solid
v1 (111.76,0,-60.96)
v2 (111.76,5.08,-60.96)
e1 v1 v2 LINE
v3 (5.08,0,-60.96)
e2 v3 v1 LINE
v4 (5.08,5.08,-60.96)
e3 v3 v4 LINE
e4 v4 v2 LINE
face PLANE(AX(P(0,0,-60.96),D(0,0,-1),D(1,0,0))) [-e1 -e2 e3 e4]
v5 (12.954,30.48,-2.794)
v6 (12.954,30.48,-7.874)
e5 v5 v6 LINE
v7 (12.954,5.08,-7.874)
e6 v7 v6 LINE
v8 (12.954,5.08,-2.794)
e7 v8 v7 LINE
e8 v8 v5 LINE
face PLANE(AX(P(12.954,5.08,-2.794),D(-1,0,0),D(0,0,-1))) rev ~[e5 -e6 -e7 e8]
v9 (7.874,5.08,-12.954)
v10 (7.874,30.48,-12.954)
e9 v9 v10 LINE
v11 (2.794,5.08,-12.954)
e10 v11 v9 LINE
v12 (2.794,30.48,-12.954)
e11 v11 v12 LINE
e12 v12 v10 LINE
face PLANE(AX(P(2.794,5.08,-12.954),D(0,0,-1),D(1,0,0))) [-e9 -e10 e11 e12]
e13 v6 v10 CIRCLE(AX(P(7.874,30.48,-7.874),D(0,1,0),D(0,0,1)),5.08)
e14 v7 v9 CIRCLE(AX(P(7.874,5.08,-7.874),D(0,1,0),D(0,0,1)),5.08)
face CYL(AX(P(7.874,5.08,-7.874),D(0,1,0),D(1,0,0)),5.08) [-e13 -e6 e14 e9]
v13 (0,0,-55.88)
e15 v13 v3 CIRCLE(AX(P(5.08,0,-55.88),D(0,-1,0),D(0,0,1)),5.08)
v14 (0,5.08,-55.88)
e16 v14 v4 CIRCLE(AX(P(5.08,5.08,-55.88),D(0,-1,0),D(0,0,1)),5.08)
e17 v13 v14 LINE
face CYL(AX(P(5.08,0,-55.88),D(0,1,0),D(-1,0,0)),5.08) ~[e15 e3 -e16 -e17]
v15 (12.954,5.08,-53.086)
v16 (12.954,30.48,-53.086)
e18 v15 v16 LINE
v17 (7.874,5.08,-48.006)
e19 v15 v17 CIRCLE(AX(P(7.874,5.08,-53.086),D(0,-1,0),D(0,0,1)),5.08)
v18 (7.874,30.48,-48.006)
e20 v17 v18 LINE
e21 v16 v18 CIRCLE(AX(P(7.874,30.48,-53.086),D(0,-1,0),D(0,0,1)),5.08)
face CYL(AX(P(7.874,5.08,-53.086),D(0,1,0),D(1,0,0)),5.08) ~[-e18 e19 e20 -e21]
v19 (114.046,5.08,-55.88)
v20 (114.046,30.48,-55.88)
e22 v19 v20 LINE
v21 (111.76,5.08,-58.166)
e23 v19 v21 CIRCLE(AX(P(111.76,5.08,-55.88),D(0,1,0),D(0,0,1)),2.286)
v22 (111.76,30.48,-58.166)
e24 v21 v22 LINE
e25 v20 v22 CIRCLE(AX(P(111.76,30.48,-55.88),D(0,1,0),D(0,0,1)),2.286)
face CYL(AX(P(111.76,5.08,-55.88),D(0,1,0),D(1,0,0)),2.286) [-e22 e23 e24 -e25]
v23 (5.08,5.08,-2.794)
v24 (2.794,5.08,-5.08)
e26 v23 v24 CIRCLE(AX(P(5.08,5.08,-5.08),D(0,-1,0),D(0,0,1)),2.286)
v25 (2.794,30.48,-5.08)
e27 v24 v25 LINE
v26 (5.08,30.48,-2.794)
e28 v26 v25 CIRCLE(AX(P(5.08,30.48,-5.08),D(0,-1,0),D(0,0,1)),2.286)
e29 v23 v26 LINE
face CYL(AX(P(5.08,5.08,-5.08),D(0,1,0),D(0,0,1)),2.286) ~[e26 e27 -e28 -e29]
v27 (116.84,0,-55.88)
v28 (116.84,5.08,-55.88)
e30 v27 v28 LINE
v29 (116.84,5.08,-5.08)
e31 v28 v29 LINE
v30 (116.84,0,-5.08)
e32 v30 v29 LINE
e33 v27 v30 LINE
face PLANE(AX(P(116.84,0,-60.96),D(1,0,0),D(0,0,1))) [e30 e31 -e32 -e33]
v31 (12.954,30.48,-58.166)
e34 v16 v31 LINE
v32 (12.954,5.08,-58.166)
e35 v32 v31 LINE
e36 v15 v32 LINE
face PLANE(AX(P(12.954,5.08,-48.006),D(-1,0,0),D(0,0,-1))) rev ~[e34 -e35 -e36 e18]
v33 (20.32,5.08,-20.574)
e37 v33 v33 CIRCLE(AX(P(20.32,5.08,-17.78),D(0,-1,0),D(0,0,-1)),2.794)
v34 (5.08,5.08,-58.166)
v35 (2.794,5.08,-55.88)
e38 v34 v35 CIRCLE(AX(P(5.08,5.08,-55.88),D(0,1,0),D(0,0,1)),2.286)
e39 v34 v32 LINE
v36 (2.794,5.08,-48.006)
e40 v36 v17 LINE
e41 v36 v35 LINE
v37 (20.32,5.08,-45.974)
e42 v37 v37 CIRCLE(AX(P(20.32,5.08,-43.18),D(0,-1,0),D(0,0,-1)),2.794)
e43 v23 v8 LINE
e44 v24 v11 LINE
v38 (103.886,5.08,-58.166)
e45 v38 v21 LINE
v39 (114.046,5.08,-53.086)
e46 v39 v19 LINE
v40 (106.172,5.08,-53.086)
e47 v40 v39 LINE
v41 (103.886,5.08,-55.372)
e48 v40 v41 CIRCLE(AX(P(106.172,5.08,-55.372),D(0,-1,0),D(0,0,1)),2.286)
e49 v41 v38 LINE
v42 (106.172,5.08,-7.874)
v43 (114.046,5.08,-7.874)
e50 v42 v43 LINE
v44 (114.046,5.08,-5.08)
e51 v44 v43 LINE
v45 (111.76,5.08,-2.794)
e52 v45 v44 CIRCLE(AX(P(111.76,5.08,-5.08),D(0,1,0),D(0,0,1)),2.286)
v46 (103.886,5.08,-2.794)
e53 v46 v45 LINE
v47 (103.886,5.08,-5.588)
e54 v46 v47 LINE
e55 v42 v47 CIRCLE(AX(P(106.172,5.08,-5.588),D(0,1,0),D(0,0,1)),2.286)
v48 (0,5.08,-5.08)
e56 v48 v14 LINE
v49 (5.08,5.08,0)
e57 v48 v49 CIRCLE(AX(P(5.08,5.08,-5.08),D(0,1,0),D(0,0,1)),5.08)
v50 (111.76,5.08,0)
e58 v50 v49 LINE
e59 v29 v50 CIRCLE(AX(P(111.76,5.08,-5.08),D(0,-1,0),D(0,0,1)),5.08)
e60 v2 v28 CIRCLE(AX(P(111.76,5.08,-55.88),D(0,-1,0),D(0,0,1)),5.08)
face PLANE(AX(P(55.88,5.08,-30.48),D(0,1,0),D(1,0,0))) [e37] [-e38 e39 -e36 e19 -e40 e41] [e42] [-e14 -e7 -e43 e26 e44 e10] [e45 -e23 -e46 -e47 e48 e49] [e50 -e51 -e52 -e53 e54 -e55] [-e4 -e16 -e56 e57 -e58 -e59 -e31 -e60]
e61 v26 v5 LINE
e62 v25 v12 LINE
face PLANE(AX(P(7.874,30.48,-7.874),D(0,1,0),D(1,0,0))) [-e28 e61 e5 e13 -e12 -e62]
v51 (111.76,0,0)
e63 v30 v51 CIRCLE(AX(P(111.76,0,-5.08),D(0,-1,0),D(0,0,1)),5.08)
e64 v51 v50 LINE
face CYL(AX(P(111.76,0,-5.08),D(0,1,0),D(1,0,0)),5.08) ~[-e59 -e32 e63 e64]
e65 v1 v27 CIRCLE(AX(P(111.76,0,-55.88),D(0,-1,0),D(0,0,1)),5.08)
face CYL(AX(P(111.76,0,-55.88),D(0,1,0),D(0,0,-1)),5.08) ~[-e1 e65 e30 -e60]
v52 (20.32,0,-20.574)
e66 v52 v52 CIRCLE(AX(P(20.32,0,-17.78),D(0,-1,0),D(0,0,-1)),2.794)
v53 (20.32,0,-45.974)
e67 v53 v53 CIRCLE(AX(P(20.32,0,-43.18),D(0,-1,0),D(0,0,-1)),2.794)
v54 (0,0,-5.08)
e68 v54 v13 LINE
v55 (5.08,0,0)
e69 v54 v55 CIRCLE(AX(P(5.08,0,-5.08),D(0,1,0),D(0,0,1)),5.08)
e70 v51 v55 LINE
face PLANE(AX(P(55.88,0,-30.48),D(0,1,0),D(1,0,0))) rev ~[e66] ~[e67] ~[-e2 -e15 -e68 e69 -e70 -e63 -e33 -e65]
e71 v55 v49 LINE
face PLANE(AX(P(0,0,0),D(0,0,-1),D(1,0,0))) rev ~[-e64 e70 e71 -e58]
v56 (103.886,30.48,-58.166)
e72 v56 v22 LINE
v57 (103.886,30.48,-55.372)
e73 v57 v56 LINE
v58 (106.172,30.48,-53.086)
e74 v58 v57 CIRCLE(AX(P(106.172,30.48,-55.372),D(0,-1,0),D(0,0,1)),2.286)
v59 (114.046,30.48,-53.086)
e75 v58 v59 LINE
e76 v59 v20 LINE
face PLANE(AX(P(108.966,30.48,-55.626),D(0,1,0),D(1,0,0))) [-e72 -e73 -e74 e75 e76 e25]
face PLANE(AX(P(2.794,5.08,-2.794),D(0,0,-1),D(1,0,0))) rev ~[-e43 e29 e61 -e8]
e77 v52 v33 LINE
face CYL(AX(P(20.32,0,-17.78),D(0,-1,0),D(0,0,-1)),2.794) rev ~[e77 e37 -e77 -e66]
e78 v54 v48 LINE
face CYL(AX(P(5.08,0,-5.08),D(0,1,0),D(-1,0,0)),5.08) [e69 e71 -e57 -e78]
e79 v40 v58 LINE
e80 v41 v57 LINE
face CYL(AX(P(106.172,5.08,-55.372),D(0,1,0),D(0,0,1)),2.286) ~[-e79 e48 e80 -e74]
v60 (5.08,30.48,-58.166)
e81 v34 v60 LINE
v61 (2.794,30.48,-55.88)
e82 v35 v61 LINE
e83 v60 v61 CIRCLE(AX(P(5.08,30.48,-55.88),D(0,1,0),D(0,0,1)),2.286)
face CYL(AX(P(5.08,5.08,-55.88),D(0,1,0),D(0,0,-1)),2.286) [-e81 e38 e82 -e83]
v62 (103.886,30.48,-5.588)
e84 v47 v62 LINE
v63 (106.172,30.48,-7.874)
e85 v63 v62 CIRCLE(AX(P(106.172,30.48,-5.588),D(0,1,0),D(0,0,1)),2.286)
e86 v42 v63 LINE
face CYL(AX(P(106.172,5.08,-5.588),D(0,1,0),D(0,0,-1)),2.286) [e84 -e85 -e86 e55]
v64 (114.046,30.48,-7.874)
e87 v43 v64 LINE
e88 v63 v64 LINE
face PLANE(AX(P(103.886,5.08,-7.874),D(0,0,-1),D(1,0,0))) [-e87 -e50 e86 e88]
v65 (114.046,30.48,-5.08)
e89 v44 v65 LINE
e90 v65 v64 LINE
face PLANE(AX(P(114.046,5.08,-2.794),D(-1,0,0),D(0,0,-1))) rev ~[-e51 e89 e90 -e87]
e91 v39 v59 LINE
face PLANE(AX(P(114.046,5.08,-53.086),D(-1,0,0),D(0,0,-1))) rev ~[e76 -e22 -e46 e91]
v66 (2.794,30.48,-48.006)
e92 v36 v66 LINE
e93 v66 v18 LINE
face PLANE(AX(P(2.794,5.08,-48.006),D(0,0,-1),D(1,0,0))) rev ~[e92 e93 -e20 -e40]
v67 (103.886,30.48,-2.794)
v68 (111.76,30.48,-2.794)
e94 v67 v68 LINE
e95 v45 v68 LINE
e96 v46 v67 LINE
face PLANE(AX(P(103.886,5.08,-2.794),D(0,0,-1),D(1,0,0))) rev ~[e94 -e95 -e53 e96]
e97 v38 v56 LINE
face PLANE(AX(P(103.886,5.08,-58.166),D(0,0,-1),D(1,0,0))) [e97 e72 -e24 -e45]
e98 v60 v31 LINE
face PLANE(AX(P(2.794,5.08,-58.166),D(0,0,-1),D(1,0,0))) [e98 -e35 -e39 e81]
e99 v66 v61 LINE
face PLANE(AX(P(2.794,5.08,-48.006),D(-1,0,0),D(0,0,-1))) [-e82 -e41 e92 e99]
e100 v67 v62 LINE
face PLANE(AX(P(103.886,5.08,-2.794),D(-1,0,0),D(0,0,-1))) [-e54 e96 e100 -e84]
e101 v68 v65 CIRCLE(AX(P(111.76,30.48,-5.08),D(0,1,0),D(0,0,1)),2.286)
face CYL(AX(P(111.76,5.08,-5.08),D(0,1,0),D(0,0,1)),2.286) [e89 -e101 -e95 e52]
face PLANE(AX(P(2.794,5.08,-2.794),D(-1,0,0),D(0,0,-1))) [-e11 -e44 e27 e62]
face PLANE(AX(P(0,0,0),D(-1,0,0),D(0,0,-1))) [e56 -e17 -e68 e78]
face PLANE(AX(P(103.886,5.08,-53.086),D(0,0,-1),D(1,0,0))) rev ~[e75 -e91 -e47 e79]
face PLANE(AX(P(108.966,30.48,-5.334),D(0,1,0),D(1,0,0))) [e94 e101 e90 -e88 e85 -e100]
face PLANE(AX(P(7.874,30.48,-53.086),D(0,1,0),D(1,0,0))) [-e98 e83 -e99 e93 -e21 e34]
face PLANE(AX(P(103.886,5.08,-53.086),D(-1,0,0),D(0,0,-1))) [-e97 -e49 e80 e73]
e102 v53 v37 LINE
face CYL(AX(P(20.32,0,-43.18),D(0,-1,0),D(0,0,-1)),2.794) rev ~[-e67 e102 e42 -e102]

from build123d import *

# Parameters (mm, degrees)
SKETCH1_W           = 111.76
SKETCH1_H           = 60.96
BOSS_EXTRUDE1_DEPTH = 5.08
FILLET1_R           = 5.08
CUT_EXTRUDE1_REACH  = 129.406
SKETCH3_R           = 2.794
SKETCH3_R_2         = 3.302
SKETCH5_W           = 10.16
SKETCH5_H           = 60.96
BOSS_EXTRUDE2_DEPTH = 5.08
FILLET2_R           = 5.08
SKETCH2_W           = 10.16
SKETCH2_H           = 10.16
SKETCH2_H_2         = 5.08
BOSS_EXTRUDE5_DEPTH = 25.4
FILLET9_R           = 2.286
FILLET10_R          = 5.08
SKETCH6_R           = 6.996125679
BOSS_EXTRUDE6_DEPTH = 5.08


with BuildPart() as part:
    # Sketch1 → Boss-Extrude1 (new body)
    with BuildSketch(Plane(origin=(0, 0, 0), x_dir=(1, 0, 0), z_dir=(0, 1, 0))):
        with Locations((55.88, 30.48)):
            Rectangle(SKETCH1_W, SKETCH1_H)
    extrude(amount=BOSS_EXTRUDE1_DEPTH)

    # Fillet1
    fillet1_edges = [part.edges().sort_by_distance(p)[0] for p in [
        (0, 2.54, -60.96),
        (111.76, 2.54, -60.96),
        (111.76, 2.54, 0),
        (0, 2.54, 0),
    ]]
    fillet(fillet1_edges, radius=FILLET1_R)

    # Sketch3 → Cut-Extrude1 (cut, up to next)
    with BuildSketch(Plane.XZ, mode=Mode.PRIVATE) as cut_extrude1_sk1:
        with Locations(Location((20.32, -17.78, 0), (0, 0, 270))):
            Circle(SKETCH3_R)
    cut_extrude1_tool1 = extrude(cut_extrude1_sk1.sketch, amount=-CUT_EXTRUDE1_REACH, mode=Mode.PRIVATE) & part.part
    # Sketch3 → Cut-Extrude1 (cut, up to next)
    with BuildSketch(Plane.XZ, mode=Mode.PRIVATE) as cut_extrude1_sk2:
        with Locations(Location((20.32, -43.18, 0), (0, 0, 270))):
            Circle(SKETCH3_R)
    cut_extrude1_tool2 = extrude(cut_extrude1_sk2.sketch, amount=-CUT_EXTRUDE1_REACH, mode=Mode.PRIVATE) & part.part
    # Sketch3 → Cut-Extrude1 (cut, up to next)
    with BuildSketch(Plane.XZ, mode=Mode.PRIVATE) as cut_extrude1_sk3:
        with Locations(Location((30.48, -30.48, 0), (0, 0, 270))):
            Circle(SKETCH3_R_2)
    cut_extrude1_tool3 = extrude(cut_extrude1_sk3.sketch, amount=-CUT_EXTRUDE1_REACH, mode=Mode.PRIVATE) & part.part
    add(cut_extrude1_tool1.solids().sort_by_distance((20.32, 0, -17.78))[0], mode=Mode.SUBTRACT)
    add(cut_extrude1_tool2.solids().sort_by_distance((20.32, 0, -43.18))[0], mode=Mode.SUBTRACT)
    add(cut_extrude1_tool3.solids().sort_by_distance((30.48, 0, -30.48))[0], mode=Mode.SUBTRACT)

    # Sketch5 → Boss-Extrude2 (add)
    with BuildSketch(Plane.XZ):
        with Locations((111.76, -30.48)):
            Rectangle(SKETCH5_W, SKETCH5_H)
    extrude(amount=-BOSS_EXTRUDE2_DEPTH)

    # Fillet2
    fillet2_edges = [part.edges().sort_by_distance(p)[0] for p in [
        (116.84, 2.54, 0),
        (116.84, 2.54, -60.96),
    ]]
    fillet(fillet2_edges, radius=FILLET2_R)

    # Sketch2 → Boss-Extrude5 (add)
    with BuildSketch(Plane(origin=(0, 5.08, 0), x_dir=(1, 0, 0), z_dir=(0, 1, 0))):
        with Locations((7.874, 53.086)):
            Rectangle(SKETCH2_W, SKETCH2_H)
        with Locations((7.874, 7.874)):
            Rectangle(SKETCH2_W, SKETCH2_H)
        with Locations((108.966, 55.626)):
            Rectangle(SKETCH2_W, SKETCH2_H_2)
        with Locations((108.966, 5.334)):
            Rectangle(SKETCH2_W, SKETCH2_H_2)
    extrude(amount=BOSS_EXTRUDE5_DEPTH)

    # Fillet9
    fillet9_edges = [part.edges().sort_by_distance(p)[0] for p in [
        (103.886, 17.78, -7.874),
        (114.046, 17.78, -2.794),
        (2.794, 17.78, -2.794),
        (2.794, 17.78, -58.166),
        (103.886, 17.78, -53.086),
        (114.046, 17.78, -58.166),
    ]]
    fillet(fillet9_edges, radius=FILLET9_R)

    # Fillet10
    fillet10_edges = [part.edges().sort_by_distance(p)[0] for p in [
        (12.954, 17.78, -12.954),
        (12.954, 17.78, -48.006),
    ]]
    fillet(fillet10_edges, radius=FILLET10_R)

    # Sketch6 → Boss-Extrude6 (add)
    with BuildSketch(Plane(origin=(0, 5.08, 0), x_dir=(1, 0, 0), z_dir=(0, 1, 0))):
        with Locations((30.48, 30.48)):
            Circle(SKETCH6_R)
    extrude(amount=-BOSS_EXTRUDE6_DEPTH)


solid = part.part
